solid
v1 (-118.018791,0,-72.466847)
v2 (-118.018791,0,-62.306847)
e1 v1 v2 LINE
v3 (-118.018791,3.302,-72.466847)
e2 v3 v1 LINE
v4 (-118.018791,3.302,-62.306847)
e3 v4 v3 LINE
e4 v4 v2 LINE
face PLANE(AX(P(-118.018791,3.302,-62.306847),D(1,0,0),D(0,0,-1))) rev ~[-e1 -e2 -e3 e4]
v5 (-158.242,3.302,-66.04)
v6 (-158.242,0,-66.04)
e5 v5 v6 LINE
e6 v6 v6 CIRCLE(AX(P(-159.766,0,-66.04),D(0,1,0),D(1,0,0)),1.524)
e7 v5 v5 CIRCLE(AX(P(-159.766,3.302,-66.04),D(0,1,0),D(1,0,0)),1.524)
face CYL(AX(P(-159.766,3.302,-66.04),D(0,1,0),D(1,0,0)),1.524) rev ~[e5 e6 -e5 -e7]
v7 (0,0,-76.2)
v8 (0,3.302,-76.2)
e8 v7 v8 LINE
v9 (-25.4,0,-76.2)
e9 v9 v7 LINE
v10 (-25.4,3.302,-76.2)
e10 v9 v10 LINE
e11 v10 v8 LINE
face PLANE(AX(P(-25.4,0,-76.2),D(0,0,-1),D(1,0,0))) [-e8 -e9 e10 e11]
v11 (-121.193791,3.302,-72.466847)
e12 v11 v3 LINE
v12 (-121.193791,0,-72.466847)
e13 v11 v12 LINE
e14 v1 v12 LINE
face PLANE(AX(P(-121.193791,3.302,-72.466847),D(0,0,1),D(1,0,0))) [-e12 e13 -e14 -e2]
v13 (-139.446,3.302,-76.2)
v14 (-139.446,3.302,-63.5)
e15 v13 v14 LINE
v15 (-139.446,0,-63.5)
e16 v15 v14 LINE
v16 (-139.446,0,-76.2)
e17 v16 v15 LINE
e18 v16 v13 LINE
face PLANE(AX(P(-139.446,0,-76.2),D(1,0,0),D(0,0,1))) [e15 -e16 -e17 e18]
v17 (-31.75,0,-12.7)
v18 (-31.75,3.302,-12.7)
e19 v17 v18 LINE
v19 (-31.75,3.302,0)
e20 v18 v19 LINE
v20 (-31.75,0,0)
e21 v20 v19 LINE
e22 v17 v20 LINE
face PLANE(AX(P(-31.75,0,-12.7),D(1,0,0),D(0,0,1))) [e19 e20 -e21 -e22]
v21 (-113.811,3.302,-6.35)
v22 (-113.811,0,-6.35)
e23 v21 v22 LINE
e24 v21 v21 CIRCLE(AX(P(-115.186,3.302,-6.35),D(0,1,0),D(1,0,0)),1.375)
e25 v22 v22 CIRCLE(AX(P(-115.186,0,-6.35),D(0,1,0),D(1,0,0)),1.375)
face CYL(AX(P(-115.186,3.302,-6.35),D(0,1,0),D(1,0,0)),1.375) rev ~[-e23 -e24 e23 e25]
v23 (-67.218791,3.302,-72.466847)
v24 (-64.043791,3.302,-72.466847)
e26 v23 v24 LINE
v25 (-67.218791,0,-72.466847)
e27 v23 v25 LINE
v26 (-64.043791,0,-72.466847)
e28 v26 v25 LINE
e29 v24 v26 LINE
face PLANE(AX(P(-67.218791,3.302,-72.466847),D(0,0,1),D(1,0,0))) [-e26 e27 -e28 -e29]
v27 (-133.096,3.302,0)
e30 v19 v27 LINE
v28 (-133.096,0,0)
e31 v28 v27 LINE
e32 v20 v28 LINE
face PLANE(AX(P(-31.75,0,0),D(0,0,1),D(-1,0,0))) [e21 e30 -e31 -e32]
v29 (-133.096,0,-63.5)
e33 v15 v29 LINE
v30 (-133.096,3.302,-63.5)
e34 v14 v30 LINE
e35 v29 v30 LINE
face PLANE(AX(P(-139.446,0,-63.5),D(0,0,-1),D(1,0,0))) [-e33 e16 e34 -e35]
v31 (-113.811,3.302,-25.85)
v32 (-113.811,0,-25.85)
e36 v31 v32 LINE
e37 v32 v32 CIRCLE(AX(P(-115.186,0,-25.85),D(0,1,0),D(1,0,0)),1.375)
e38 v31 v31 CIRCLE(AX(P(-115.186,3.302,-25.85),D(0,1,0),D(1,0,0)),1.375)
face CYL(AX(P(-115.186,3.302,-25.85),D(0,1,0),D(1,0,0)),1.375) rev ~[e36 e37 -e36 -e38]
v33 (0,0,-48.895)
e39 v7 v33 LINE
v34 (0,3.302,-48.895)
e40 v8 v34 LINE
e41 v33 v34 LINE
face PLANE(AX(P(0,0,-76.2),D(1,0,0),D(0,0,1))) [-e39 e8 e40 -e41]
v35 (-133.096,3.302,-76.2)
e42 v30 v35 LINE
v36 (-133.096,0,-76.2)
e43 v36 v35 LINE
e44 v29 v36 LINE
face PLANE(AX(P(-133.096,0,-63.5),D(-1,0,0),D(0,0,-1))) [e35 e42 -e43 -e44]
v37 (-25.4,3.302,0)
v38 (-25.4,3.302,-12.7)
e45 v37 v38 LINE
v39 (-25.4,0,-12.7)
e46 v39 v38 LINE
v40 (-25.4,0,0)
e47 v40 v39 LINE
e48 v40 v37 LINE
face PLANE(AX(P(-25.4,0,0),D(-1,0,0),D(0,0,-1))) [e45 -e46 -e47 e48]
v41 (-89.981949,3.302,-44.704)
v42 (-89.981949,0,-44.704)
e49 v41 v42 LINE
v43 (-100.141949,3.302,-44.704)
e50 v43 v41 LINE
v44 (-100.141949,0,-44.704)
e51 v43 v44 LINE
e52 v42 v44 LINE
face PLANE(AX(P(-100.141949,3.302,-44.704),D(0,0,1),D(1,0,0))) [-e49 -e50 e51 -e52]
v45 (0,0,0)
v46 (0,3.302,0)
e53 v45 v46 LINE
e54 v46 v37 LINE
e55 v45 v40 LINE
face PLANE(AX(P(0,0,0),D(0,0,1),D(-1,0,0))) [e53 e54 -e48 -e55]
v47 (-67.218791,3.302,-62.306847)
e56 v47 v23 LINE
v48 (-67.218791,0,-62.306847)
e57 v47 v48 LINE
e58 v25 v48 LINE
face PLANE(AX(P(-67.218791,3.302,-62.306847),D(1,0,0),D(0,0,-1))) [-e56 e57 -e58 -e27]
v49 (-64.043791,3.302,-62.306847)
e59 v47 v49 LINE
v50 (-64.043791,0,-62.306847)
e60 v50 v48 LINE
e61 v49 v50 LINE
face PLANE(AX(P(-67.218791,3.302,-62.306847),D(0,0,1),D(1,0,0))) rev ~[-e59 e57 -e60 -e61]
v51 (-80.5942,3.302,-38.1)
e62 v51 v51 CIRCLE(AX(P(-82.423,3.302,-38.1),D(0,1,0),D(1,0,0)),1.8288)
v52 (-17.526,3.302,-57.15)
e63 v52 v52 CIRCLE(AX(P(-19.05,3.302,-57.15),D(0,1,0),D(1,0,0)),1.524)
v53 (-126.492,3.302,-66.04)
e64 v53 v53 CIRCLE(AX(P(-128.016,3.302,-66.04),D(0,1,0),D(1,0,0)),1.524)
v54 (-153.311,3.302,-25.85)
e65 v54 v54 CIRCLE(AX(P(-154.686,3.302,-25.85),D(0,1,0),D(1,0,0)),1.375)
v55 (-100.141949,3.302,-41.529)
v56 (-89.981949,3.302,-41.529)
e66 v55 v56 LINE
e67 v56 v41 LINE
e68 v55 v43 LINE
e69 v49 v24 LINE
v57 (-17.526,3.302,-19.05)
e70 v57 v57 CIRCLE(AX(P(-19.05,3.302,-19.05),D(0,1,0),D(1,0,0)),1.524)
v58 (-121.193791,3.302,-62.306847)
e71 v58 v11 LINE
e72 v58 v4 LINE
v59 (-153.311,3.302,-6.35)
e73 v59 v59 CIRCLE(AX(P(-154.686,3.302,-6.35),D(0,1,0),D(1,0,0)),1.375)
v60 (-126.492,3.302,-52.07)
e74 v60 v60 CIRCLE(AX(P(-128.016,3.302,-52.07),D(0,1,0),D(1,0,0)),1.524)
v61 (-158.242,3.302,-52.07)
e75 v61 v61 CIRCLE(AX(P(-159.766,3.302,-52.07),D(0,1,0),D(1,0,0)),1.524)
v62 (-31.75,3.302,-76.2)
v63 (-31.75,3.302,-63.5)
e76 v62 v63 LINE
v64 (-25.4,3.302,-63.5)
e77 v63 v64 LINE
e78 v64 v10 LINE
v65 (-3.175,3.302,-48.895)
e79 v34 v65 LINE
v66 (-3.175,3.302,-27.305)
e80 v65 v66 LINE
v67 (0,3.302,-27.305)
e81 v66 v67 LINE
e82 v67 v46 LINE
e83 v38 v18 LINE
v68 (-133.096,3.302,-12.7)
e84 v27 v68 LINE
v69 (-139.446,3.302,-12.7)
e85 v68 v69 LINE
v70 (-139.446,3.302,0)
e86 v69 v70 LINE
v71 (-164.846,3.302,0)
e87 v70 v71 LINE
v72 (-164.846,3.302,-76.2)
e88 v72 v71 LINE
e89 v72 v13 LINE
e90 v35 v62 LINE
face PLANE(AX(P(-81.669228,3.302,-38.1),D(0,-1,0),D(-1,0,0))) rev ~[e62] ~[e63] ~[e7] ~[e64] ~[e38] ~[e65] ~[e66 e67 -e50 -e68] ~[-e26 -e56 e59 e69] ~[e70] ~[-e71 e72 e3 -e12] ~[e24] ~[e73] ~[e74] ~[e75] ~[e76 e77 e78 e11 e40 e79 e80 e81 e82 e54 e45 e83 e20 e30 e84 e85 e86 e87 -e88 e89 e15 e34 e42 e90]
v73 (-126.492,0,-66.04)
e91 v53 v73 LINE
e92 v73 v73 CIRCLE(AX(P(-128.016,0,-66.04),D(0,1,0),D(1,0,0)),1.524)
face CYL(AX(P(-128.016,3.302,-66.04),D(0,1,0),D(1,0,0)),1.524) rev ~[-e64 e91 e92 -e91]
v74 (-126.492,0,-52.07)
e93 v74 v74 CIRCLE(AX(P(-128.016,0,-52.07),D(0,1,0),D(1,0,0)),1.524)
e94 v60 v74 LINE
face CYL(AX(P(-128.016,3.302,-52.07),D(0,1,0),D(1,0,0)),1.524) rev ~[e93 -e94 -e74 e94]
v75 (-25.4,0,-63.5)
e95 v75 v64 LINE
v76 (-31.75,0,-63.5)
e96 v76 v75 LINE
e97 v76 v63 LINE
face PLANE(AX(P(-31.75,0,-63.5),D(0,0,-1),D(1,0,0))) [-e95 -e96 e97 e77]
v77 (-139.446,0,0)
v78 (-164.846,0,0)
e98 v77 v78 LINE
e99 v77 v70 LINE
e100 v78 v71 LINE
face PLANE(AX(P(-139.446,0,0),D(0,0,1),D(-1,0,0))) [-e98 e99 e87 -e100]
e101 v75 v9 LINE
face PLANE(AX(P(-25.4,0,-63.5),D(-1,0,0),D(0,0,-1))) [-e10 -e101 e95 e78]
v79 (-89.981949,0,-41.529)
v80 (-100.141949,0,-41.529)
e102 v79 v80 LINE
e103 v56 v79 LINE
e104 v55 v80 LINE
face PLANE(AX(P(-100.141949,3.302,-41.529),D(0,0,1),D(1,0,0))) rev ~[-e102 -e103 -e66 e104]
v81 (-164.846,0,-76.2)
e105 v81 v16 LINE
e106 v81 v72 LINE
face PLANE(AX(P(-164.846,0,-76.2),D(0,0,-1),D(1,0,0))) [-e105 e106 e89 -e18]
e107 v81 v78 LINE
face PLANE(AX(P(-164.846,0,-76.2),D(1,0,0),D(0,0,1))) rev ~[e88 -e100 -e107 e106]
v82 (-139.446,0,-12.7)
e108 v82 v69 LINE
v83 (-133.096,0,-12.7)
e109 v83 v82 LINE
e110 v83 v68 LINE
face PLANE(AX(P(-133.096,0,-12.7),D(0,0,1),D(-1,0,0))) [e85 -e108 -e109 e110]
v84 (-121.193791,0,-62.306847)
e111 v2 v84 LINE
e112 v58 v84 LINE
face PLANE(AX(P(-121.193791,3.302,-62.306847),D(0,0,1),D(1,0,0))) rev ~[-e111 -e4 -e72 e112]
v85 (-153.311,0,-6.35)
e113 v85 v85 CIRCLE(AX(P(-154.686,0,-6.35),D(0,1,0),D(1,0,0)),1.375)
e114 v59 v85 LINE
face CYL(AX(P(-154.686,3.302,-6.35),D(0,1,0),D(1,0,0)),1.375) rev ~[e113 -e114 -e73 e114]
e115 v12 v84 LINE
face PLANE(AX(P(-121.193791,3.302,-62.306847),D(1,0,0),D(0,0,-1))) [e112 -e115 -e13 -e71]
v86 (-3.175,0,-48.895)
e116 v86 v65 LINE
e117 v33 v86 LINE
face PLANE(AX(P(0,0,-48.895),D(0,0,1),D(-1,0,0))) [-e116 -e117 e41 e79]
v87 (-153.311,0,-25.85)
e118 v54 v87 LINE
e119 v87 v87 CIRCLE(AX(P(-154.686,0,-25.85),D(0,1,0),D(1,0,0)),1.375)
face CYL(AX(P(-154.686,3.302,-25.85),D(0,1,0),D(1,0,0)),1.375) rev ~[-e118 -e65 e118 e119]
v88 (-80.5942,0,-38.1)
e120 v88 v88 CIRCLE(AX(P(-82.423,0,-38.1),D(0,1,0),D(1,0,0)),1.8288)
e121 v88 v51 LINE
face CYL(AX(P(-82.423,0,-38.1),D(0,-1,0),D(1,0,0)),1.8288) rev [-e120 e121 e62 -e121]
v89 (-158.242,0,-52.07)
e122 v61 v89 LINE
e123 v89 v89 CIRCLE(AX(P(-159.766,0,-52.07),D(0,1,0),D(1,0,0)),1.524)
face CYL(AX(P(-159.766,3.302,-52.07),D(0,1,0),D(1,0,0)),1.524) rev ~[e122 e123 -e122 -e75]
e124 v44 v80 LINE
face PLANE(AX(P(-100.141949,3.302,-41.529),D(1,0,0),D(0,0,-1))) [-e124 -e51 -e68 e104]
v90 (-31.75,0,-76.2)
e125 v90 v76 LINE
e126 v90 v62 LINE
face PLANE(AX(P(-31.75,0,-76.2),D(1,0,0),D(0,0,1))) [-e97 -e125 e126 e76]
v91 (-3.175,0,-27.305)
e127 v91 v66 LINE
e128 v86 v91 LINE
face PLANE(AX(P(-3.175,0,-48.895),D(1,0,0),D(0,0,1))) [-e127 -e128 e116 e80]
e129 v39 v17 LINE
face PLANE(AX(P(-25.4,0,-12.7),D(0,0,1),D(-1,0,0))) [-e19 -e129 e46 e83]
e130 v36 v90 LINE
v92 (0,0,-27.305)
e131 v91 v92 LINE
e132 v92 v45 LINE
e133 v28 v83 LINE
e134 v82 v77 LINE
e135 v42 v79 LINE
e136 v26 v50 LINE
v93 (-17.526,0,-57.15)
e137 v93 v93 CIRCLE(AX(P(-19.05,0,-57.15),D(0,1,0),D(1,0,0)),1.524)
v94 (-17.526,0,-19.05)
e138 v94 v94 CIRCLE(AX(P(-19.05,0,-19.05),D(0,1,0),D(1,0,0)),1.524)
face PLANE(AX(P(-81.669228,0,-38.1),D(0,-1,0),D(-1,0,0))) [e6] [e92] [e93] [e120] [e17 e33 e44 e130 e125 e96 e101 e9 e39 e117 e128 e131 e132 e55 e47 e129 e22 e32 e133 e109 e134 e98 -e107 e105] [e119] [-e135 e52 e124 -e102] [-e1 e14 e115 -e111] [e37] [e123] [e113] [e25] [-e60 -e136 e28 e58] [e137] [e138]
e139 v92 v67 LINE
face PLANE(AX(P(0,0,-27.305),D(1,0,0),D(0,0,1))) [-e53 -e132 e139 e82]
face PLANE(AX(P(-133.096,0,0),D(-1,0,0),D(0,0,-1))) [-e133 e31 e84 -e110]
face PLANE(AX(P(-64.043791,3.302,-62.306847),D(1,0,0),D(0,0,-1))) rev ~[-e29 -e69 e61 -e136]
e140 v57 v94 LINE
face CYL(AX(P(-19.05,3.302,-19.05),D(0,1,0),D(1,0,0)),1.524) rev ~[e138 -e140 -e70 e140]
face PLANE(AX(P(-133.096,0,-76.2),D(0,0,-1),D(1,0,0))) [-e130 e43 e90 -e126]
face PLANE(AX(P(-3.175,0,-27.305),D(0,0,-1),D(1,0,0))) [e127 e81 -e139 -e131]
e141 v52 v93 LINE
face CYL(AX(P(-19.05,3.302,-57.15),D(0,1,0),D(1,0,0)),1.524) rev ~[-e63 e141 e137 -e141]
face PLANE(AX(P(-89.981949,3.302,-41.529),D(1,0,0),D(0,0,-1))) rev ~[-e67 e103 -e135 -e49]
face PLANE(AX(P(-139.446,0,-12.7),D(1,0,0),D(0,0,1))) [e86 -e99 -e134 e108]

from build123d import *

# Parameters (mm, degrees)
SKETCH1_R           = 1.8288
BOSS_EXTRUDE1_DEPTH = 3.302
SKETCH2_R           = 1.524
CUT_EXTRUDE1_DEPTH  = 4.302
SKETCH3_R           = 1.375
CUT_EXTRUDE2_DEPTH  = 4.302
SKETCH4_W           = 3.175
SKETCH4_H           = 10.16
SKETCH4_W_2         = 10.16
SKETCH4_H_2         = 3.175
CUT_EXTRUDE3_DEPTH  = 4.302
SKETCH5_R           = 1.524
CUT_EXTRUDE4_DEPTH  = 4.302


with BuildPart() as part:
    # Sketch1 → Boss-Extrude1 (new body)
    with BuildSketch(Plane(origin=(0, 0, 0), x_dir=(1, 0, 0), z_dir=(0, 1, 0))):
        Polygon((-164.846, 76.2), (-139.446, 76.2), (-139.446, 63.5), (-133.096, 63.5), (-133.096, 76.2), (-31.75, 76.2), (-31.75, 63.5), (-25.4, 63.5), (-25.4, 76.2), (0, 76.2), (0, 48.895), (-3.175, 48.895), (-3.175, 27.305), (0, 27.305), (0, 0), (-25.4, 0), (-25.4, 12.7), (-31.75, 12.7), (-31.75, 0), (-133.096, 0), (-133.096, 12.7), (-139.446, 12.7), (-139.446, 0), (-164.846, 0), (-164.846, 27.305), (-164.846, 48.895), align=None)
        with Locations((-82.423, 38.1)):
            Circle(SKETCH1_R, mode=Mode.SUBTRACT)
    extrude(amount=BOSS_EXTRUDE1_DEPTH)

    # Sketch2 → Cut-Extrude1 (cut, through all)
    with BuildSketch(Plane(origin=(0, 3.302, 0), x_dir=(1, 0, 0), z_dir=(0, 1, 0))):
        with Locations((-159.766, 66.04)):
            Circle(SKETCH2_R)
        with Locations((-128.016, 66.04)):
            Circle(SKETCH2_R)
        with Locations((-128.016, 52.07)):
            Circle(SKETCH2_R)
        with Locations((-159.766, 52.07)):
            Circle(SKETCH2_R)
    extrude(amount=-CUT_EXTRUDE1_DEPTH, mode=Mode.SUBTRACT)

    # Sketch3 → Cut-Extrude2 (cut, through all)
    with BuildSketch(Plane(origin=(0, 3.302, 0), x_dir=(1, 0, 0), z_dir=(0, 1, 0))):
        with Locations((-154.686, 6.35)):
            Circle(SKETCH3_R)
        with Locations((-115.186, 6.35)):
            Circle(SKETCH3_R)
        with Locations((-115.186, 25.85)):
            Circle(SKETCH3_R)
        with Locations((-154.686, 25.85)):
            Circle(SKETCH3_R)
    extrude(amount=-CUT_EXTRUDE2_DEPTH, mode=Mode.SUBTRACT)

    # Sketch4 → Cut-Extrude3 (cut, through all)
    with BuildSketch(Plane(origin=(0, 3.302, 0), x_dir=(1, 0, 0), z_dir=(0, 1, 0))):
        with Locations((-65.63129104, 67.386847386)):
            Rectangle(SKETCH4_W, SKETCH4_H)
        with Locations((-95.06194853, 43.1165)):
            Rectangle(SKETCH4_W_2, SKETCH4_H_2)
        with Locations((-119.60629104, 67.386847386)):
            Rectangle(SKETCH4_W, SKETCH4_H)
    extrude(amount=-CUT_EXTRUDE3_DEPTH, mode=Mode.SUBTRACT)

    # Sketch5 → Cut-Extrude4 (cut, through all)
    with BuildSketch(Plane(origin=(0, 3.302, 0), x_dir=(1, 0, 0), z_dir=(0, 1, 0))):
        with Locations((-19.05, 19.05)):
            Circle(SKETCH5_R)
        with Locations((-19.05, 57.15)):
            Circle(SKETCH5_R)
    extrude(amount=-CUT_EXTRUDE4_DEPTH, mode=Mode.SUBTRACT)


solid = part.part
